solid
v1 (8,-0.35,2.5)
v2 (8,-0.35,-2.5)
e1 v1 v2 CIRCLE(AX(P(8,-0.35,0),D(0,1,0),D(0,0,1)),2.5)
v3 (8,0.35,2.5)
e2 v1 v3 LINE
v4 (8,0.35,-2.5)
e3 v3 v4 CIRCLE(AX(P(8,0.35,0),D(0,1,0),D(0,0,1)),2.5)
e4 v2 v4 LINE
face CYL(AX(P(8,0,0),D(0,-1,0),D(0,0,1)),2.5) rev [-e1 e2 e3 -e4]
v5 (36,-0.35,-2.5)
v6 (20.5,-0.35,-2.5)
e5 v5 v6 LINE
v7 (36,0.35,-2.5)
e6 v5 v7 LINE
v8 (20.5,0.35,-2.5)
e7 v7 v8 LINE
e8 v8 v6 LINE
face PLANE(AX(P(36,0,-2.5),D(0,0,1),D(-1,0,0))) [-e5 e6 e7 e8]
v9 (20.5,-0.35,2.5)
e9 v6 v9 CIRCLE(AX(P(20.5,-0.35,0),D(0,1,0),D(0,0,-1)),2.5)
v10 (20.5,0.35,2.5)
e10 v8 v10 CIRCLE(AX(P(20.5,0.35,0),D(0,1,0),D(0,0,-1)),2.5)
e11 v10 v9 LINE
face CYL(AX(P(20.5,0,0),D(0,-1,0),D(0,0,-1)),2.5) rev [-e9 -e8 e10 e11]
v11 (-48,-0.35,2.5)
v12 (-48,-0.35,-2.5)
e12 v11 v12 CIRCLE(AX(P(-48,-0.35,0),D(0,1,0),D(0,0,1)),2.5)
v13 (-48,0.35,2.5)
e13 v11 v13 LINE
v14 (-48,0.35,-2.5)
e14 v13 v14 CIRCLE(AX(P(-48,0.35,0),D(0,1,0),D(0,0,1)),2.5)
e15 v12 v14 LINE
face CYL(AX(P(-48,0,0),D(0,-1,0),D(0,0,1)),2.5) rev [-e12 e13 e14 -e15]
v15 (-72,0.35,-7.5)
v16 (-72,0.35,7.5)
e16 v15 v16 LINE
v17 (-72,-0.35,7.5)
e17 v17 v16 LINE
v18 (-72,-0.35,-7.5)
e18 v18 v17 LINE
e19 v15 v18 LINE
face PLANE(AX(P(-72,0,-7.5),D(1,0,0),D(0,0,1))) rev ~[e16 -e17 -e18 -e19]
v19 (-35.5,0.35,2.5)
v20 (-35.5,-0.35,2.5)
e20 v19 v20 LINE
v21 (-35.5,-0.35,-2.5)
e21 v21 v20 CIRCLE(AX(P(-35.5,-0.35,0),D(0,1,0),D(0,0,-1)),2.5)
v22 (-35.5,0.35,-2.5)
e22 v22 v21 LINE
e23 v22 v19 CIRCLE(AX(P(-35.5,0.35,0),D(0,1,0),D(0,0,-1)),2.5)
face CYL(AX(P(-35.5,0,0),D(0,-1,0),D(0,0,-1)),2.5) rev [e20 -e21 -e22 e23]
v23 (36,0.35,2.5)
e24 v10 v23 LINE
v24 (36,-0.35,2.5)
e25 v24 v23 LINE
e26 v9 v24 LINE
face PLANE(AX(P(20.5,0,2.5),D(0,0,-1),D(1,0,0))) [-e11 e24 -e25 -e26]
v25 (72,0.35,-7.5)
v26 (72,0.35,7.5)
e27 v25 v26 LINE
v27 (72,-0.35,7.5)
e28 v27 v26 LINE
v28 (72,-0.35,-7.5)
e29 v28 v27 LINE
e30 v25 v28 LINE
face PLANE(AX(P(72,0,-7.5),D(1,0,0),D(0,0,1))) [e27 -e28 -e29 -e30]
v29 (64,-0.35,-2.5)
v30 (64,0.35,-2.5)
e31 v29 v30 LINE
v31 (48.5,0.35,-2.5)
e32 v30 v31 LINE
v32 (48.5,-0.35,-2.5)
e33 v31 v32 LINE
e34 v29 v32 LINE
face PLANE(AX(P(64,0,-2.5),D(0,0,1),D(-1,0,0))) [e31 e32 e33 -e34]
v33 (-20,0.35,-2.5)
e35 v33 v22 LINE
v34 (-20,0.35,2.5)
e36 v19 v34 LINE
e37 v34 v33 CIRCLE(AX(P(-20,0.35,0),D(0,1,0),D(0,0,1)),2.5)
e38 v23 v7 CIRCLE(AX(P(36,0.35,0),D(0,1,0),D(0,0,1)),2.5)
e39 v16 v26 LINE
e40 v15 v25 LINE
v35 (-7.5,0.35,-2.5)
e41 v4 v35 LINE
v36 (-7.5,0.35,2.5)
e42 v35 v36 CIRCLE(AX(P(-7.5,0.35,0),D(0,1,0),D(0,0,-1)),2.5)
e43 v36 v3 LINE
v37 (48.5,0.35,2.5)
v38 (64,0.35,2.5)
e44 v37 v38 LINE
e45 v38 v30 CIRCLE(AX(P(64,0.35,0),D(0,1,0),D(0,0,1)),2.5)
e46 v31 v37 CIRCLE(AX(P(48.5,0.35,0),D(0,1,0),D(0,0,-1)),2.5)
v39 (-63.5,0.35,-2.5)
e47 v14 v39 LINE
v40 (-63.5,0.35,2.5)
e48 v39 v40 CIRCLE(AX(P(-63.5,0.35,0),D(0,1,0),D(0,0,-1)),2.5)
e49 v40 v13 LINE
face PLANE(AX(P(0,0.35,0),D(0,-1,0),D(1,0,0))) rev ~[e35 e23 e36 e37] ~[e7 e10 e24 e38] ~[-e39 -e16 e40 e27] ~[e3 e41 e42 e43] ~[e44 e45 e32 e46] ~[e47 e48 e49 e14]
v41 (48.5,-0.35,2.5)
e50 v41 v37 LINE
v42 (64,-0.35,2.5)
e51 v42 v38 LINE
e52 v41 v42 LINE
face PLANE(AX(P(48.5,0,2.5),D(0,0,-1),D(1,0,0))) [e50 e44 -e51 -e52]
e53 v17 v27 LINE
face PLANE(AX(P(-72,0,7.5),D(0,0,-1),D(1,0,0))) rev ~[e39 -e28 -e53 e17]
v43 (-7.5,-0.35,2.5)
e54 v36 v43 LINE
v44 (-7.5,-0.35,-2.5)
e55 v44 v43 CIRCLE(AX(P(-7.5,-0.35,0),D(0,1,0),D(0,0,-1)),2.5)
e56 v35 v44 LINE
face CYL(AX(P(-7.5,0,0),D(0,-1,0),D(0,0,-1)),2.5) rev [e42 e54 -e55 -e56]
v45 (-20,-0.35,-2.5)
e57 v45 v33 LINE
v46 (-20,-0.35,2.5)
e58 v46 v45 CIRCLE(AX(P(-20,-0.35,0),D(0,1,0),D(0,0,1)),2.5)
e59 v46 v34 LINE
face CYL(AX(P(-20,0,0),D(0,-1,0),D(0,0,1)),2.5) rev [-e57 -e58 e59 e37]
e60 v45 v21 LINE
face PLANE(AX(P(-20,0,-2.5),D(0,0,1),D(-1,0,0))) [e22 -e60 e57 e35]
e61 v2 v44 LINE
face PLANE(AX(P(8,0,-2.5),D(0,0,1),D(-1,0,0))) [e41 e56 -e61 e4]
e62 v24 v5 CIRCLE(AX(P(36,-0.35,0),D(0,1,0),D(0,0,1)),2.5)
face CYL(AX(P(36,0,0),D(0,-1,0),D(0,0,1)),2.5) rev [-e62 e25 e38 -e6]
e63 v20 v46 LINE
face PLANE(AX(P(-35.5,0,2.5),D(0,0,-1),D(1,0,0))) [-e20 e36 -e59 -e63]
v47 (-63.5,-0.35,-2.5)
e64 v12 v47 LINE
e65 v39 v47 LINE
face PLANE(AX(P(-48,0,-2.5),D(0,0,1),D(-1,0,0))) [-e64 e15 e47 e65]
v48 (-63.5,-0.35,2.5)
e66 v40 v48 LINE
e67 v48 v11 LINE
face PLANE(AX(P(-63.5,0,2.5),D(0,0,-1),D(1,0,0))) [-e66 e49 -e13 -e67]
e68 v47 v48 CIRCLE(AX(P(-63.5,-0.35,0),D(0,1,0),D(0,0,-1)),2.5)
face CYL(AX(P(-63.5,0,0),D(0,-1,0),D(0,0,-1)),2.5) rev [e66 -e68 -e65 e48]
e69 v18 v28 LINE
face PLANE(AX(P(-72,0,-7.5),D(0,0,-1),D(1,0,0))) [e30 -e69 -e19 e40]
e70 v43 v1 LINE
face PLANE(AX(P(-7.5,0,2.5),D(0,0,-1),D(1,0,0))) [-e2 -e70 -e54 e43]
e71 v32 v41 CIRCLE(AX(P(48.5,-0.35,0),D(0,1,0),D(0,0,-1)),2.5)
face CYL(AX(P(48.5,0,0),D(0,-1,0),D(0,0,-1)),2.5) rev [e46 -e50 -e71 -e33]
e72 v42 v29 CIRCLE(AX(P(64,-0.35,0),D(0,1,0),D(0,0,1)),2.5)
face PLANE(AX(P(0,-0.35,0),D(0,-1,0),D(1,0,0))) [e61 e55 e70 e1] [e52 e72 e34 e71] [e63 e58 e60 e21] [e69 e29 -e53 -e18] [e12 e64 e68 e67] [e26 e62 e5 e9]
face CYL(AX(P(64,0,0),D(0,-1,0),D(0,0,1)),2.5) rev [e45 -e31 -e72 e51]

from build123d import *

# Parameters (mm, degrees)
F0_W     = 144
F0_H     = 15
F1_DEPTH = 0.35


with BuildPart() as f1:
    # F0 (on Front) → F1 (new body, symmetric)
    with BuildSketch(Plane.XZ):
        Rectangle(F0_W, F0_H)
        with BuildLine():
            ThreePointArc((-63.5, -2.5), (-66, 0), (-63.5, 2.5))
            Line((-63.5, 2.5), (-48, 2.5))
            ThreePointArc((-48, 2.5), (-45.5, 0), (-48, -2.5))
            Line((-48, -2.5), (-63.5, -2.5))
        make_face(mode=Mode.SUBTRACT)
        with BuildLine():
            ThreePointArc((-35.5, -2.5), (-38, 0), (-35.5, 2.5))
            Line((-35.5, 2.5), (-20, 2.5))
            ThreePointArc((-20, 2.5), (-17.5, 0), (-20, -2.5))
            Line((-20, -2.5), (-35.5, -2.5))
        make_face(mode=Mode.SUBTRACT)
        with BuildLine():
            ThreePointArc((-7.5, -2.5), (-10, 0), (-7.5, 2.5))
            Line((-7.5, 2.5), (8, 2.5))
            ThreePointArc((8, 2.5), (10.5, 0), (8, -2.5))
            Line((8, -2.5), (-7.5, -2.5))
        make_face(mode=Mode.SUBTRACT)
        with BuildLine():
            ThreePointArc((20.5, -2.5), (18, 0), (20.5, 2.5))
            Line((20.5, 2.5), (36, 2.5))
            ThreePointArc((36, 2.5), (38.5, 0), (36, -2.5))
            Line((36, -2.5), (20.5, -2.5))
        make_face(mode=Mode.SUBTRACT)
        with BuildLine():
            ThreePointArc((48.5, -2.5), (46, 0), (48.5, 2.5))
            Line((48.5, 2.5), (64, 2.5))
            ThreePointArc((64, 2.5), (66.5, 0), (64, -2.5))
            Line((64, -2.5), (48.5, -2.5))
        make_face(mode=Mode.SUBTRACT)
    extrude(amount=F1_DEPTH, both=True)


solid = f1.part
